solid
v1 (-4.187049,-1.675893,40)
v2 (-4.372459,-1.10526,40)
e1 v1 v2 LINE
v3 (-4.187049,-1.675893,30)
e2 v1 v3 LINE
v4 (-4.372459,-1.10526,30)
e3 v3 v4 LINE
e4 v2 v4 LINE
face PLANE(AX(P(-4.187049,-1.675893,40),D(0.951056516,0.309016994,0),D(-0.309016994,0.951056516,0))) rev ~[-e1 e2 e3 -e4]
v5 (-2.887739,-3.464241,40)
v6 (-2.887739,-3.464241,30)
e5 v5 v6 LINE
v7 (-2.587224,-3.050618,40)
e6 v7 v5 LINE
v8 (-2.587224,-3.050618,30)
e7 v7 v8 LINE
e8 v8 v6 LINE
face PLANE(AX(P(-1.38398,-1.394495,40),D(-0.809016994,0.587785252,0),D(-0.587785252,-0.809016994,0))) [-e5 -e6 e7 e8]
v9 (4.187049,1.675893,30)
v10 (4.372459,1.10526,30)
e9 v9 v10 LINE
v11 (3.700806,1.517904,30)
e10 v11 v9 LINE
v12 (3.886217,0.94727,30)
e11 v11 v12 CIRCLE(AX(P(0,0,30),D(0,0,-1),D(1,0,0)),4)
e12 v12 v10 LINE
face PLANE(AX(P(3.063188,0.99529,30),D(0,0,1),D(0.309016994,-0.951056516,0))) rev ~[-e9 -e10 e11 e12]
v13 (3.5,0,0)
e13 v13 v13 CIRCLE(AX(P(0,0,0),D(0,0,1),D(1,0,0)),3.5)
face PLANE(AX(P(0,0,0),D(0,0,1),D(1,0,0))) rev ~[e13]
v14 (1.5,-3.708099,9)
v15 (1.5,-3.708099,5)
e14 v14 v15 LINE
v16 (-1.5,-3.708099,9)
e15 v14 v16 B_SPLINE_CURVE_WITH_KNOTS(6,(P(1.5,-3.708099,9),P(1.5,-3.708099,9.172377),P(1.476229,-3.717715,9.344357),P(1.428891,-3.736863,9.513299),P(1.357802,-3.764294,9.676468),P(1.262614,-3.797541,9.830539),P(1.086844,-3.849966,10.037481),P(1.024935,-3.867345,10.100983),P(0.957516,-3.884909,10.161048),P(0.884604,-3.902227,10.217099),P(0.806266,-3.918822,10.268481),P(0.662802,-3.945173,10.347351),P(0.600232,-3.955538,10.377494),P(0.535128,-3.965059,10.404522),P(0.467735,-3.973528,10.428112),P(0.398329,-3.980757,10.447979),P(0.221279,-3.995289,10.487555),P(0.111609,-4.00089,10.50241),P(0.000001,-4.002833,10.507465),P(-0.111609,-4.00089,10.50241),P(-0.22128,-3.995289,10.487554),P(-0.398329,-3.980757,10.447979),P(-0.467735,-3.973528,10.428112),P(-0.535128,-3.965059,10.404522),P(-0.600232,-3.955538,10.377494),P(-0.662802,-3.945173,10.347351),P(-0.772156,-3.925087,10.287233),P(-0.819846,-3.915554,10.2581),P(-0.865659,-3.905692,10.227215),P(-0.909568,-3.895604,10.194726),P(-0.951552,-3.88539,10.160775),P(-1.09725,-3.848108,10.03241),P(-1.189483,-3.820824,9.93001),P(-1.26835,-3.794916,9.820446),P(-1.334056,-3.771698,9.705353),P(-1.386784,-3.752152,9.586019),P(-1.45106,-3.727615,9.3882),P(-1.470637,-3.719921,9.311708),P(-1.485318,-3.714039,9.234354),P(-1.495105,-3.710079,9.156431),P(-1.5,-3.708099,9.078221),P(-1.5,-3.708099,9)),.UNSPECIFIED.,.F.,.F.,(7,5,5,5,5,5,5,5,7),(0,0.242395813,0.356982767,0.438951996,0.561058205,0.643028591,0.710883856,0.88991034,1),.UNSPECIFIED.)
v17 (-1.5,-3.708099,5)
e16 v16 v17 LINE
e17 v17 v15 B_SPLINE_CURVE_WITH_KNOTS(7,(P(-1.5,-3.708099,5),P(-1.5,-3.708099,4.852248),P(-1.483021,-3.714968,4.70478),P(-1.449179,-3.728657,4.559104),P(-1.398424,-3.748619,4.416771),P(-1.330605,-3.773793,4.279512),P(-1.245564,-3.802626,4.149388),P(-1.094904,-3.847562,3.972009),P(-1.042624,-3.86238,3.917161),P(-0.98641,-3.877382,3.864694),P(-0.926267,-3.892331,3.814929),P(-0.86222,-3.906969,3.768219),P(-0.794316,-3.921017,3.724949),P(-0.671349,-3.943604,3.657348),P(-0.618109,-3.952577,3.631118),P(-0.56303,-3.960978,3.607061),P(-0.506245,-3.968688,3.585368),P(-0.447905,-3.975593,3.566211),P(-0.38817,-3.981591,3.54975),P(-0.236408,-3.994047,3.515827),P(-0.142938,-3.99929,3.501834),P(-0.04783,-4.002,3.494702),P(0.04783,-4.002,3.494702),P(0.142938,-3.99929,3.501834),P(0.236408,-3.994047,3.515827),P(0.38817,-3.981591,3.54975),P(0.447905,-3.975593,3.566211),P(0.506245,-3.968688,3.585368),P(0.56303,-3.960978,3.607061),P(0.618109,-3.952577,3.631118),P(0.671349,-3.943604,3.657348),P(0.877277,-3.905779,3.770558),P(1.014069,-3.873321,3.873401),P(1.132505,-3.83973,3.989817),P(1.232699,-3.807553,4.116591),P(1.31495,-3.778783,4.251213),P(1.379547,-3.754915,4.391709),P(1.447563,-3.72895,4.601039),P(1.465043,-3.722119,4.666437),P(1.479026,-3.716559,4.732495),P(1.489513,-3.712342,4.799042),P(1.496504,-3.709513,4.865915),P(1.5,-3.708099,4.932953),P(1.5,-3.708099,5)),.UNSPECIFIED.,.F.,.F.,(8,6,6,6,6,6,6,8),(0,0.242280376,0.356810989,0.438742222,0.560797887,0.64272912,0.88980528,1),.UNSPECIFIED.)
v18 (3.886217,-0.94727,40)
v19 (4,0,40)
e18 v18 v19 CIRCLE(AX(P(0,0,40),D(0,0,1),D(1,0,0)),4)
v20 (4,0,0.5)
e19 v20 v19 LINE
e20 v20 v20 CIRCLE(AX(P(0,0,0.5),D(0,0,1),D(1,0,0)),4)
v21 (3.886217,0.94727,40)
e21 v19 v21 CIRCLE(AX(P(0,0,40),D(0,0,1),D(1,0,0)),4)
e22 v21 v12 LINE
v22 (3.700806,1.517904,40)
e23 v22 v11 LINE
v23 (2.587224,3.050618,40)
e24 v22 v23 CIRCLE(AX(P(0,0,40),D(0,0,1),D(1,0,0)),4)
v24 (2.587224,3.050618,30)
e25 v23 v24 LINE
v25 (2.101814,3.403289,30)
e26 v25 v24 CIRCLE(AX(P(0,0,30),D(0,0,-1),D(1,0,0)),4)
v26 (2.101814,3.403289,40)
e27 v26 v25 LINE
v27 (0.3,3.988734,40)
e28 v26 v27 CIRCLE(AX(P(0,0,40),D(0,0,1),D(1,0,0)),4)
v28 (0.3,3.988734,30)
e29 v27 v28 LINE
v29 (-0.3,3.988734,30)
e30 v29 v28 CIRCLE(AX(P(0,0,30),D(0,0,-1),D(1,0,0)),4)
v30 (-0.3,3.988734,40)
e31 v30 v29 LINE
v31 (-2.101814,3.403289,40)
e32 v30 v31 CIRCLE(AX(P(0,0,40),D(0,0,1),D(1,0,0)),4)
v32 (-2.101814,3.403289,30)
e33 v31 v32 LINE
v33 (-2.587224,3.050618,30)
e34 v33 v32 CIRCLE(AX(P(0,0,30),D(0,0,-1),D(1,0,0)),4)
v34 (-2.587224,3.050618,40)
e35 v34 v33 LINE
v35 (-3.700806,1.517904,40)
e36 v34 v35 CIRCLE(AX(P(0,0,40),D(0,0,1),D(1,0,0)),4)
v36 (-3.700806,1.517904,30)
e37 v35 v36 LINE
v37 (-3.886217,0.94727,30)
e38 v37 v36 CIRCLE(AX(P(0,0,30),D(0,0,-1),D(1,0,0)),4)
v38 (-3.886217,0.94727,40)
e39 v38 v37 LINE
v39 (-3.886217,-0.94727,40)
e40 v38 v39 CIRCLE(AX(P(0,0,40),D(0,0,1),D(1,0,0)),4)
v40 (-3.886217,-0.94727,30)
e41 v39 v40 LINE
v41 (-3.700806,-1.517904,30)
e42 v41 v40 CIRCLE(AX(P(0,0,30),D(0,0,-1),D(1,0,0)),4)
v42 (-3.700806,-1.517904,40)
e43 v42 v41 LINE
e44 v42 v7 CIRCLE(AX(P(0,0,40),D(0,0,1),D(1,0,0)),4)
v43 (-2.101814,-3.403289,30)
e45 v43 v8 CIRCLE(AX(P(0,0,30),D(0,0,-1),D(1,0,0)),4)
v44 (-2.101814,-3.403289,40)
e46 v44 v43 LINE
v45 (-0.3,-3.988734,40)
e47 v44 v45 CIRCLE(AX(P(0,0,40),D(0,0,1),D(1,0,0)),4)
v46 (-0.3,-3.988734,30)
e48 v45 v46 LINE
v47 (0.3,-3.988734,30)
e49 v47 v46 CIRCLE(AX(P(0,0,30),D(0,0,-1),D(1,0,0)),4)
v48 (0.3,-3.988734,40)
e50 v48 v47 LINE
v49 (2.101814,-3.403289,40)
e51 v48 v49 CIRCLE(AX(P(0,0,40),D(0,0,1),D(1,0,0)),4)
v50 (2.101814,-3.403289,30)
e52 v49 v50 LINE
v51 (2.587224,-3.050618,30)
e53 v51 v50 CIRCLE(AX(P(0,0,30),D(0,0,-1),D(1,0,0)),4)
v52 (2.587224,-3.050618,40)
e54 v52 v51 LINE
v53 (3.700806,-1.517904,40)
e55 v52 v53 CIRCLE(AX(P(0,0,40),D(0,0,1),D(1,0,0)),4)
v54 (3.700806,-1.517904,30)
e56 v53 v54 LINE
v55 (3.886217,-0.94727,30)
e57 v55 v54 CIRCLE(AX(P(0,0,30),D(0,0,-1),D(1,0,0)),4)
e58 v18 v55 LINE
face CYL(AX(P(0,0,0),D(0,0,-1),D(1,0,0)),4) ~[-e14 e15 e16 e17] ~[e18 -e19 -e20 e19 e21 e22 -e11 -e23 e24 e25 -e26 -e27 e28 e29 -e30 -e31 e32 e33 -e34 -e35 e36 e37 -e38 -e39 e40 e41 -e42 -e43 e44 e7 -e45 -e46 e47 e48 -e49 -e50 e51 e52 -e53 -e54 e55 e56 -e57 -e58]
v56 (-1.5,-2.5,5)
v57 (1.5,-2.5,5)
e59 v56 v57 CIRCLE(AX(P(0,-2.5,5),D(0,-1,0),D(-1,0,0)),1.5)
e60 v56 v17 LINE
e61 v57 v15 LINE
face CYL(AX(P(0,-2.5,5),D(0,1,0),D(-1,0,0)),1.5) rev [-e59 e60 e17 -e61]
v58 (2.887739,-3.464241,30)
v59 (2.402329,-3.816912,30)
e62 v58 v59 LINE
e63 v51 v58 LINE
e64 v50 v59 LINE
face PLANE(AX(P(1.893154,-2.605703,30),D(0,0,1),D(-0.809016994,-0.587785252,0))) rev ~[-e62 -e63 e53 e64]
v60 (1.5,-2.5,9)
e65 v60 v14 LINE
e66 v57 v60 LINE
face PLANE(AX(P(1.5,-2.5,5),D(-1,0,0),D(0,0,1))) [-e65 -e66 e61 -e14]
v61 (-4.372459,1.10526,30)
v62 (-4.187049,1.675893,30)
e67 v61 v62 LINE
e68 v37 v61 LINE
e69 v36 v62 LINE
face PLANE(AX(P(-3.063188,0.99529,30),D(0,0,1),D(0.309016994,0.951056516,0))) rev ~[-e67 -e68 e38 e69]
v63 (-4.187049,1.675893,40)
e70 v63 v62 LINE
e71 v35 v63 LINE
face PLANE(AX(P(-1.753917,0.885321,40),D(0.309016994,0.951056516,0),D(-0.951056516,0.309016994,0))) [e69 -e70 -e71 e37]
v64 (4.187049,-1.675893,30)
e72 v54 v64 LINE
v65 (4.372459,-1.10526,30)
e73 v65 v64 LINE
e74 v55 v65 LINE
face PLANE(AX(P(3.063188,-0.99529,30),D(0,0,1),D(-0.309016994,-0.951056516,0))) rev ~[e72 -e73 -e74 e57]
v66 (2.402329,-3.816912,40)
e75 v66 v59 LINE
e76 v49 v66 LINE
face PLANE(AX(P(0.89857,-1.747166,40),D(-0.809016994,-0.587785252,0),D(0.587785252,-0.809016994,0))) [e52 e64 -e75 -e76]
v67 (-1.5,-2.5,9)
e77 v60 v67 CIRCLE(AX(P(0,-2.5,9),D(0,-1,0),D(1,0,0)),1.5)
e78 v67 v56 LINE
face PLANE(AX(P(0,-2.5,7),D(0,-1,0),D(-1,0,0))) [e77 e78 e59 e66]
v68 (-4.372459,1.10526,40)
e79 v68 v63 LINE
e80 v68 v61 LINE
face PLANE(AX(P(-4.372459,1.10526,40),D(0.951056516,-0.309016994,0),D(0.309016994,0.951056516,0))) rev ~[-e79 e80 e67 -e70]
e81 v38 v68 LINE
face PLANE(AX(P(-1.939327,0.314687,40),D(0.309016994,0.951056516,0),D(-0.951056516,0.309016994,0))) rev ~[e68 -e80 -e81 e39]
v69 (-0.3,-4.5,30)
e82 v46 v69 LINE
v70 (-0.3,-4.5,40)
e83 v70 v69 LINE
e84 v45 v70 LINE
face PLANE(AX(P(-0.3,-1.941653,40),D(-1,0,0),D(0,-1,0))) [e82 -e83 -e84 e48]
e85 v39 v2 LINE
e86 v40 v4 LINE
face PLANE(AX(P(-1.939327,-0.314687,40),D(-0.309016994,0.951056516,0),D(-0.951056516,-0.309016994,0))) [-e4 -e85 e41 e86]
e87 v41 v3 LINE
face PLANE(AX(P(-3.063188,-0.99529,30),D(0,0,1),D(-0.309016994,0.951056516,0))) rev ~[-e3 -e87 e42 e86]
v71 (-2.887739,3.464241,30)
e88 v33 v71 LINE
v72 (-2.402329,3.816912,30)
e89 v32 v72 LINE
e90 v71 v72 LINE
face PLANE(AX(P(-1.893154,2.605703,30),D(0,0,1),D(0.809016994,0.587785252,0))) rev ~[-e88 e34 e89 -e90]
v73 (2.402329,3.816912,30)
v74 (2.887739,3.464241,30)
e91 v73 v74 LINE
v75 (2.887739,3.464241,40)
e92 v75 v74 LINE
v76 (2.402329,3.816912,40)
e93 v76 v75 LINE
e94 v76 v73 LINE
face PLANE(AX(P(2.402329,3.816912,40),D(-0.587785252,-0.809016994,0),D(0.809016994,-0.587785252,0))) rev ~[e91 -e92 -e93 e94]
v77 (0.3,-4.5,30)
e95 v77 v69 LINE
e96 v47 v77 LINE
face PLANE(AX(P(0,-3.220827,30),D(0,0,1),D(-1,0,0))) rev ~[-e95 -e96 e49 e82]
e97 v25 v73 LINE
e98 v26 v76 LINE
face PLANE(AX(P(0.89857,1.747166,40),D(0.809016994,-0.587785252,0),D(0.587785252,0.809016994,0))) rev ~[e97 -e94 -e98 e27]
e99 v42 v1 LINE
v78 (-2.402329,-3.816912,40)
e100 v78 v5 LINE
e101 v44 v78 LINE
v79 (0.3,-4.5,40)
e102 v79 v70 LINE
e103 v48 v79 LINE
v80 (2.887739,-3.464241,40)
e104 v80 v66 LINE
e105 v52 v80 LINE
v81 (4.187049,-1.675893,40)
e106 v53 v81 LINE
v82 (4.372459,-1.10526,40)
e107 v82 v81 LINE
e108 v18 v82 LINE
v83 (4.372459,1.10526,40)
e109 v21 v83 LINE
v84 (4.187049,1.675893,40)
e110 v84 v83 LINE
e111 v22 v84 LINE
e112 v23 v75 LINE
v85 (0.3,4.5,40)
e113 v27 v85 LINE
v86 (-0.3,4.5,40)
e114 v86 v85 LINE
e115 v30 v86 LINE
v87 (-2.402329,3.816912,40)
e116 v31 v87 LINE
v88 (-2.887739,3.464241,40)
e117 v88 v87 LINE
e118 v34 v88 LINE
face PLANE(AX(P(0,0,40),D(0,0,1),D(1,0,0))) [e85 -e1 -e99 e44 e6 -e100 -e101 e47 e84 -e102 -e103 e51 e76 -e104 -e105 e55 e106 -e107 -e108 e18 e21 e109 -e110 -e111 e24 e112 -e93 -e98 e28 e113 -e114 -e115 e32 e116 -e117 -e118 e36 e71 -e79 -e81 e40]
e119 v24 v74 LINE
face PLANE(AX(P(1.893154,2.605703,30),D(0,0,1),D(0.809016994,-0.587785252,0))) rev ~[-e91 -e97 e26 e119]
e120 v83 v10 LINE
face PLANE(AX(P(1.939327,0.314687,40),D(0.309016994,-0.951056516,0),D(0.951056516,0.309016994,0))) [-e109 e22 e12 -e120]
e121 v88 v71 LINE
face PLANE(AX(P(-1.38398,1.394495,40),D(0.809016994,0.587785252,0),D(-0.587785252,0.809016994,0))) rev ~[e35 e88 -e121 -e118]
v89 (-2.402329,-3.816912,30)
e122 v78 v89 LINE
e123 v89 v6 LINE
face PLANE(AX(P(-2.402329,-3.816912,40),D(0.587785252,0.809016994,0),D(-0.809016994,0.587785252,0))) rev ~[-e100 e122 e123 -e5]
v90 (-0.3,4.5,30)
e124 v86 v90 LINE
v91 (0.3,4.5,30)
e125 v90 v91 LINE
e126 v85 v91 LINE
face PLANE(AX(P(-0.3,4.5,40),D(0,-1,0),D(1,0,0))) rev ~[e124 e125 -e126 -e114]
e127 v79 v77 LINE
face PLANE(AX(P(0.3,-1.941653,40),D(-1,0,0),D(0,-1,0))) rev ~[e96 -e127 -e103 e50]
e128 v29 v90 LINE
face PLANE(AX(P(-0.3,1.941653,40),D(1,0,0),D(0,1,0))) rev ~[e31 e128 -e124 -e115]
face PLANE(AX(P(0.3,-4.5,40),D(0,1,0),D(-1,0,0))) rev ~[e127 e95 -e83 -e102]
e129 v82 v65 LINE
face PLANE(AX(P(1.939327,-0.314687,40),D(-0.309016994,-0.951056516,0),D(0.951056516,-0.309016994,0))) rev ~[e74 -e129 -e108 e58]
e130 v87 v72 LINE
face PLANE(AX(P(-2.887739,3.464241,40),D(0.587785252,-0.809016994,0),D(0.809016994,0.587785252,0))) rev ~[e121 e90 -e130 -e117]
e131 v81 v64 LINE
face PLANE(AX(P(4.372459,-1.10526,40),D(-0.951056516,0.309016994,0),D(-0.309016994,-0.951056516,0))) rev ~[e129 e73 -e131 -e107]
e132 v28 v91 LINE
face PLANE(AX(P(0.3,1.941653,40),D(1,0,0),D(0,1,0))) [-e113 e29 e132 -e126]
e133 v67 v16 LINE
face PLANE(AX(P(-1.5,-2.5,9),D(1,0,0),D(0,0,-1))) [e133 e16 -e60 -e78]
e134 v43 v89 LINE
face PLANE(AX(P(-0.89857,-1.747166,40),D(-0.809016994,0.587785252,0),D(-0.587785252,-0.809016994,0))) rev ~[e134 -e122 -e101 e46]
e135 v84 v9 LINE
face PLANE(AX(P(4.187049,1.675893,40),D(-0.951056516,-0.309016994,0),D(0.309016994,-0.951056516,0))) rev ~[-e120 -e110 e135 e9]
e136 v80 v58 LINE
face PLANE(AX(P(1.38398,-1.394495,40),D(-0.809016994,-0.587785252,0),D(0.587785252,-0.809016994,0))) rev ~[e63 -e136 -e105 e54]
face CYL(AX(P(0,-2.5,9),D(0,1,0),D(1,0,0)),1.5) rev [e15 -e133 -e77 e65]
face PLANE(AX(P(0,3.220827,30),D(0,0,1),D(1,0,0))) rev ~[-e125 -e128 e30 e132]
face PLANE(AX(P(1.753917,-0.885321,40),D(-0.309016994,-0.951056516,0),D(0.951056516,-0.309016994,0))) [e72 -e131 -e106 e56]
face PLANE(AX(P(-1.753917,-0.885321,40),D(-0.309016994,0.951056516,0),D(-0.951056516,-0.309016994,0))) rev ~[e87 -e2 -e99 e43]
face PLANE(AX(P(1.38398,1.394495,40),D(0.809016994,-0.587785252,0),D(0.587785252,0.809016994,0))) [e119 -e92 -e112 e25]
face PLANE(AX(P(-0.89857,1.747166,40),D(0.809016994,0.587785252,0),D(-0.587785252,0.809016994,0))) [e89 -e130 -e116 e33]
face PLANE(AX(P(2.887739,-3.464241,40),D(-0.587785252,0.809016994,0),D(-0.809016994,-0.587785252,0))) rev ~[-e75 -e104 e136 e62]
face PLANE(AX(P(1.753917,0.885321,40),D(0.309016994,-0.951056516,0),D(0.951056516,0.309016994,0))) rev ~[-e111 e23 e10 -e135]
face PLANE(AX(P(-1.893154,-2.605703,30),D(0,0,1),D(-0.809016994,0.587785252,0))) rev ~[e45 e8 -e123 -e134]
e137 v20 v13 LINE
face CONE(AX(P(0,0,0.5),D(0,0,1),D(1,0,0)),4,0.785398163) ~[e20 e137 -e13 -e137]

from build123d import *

# Parameters (mm, degrees)
SKETCH1_R           = 4
BOSS_EXTRUDE1_DEPTH = 40
CUT_EXTRUDE1_START  = -2.5
CUT_EXTRUDE1_DEPTH  = 2.5
SKETCH3_W           = 0.6
SKETCH3_H           = 2.558346845
BOSS_EXTRUDE2_DEPTH = 10
CIRPATTERN1_COUNT   = 10
CHAMFER1_SIZE       = 0.5


with BuildPart() as part:
    # Sketch1 → Boss-Extrude1 (new body)
    with BuildSketch(Plane.XY):
        Circle(SKETCH1_R)
    extrude(amount=BOSS_EXTRUDE1_DEPTH)

    # Sketch2 → Cut-Extrude1 (cut, through all)
    with BuildSketch(Plane(origin=(0, 0, 0), x_dir=(1, 0, 0), z_dir=(0, 1, 0)).offset(CUT_EXTRUDE1_START)):
        with BuildLine():
            Line((1.5, -5), (1.5, -9))
            ThreePointArc((1.5, -9), (0, -10.5), (-1.5, -9))
            Line((-1.5, -9), (-1.5, -5))
            ThreePointArc((-1.5, -5), (0, -3.5), (1.5, -5))
        make_face()
    extrude(amount=-CUT_EXTRUDE1_DEPTH, mode=Mode.SUBTRACT)

    # Sketch3 → Boss-Extrude2 (add)
    with BuildSketch(Plane.XY.offset(40)):
        with Locations((0, 3.220826578)):
            Rectangle(SKETCH3_W, SKETCH3_H)
    boss_extrude2 = extrude(amount=-BOSS_EXTRUDE2_DEPTH)

    # CirPattern1: Boss-Extrude2 ×10 about axis
    cirpattern1_axis = Axis((0, 0, 0), (0, 0, 1))
    for i in range(1, CIRPATTERN1_COUNT):
        add(boss_extrude2.rotate(cirpattern1_axis, i * 360 / CIRPATTERN1_COUNT))

    # Chamfer1
    chamfer1_edges = [part.edges().sort_by_distance(p)[0] for p in [
        (-4, 0, 0),
    ]]
    chamfer(chamfer1_edges, length=CHAMFER1_SIZE)


solid = part.part
